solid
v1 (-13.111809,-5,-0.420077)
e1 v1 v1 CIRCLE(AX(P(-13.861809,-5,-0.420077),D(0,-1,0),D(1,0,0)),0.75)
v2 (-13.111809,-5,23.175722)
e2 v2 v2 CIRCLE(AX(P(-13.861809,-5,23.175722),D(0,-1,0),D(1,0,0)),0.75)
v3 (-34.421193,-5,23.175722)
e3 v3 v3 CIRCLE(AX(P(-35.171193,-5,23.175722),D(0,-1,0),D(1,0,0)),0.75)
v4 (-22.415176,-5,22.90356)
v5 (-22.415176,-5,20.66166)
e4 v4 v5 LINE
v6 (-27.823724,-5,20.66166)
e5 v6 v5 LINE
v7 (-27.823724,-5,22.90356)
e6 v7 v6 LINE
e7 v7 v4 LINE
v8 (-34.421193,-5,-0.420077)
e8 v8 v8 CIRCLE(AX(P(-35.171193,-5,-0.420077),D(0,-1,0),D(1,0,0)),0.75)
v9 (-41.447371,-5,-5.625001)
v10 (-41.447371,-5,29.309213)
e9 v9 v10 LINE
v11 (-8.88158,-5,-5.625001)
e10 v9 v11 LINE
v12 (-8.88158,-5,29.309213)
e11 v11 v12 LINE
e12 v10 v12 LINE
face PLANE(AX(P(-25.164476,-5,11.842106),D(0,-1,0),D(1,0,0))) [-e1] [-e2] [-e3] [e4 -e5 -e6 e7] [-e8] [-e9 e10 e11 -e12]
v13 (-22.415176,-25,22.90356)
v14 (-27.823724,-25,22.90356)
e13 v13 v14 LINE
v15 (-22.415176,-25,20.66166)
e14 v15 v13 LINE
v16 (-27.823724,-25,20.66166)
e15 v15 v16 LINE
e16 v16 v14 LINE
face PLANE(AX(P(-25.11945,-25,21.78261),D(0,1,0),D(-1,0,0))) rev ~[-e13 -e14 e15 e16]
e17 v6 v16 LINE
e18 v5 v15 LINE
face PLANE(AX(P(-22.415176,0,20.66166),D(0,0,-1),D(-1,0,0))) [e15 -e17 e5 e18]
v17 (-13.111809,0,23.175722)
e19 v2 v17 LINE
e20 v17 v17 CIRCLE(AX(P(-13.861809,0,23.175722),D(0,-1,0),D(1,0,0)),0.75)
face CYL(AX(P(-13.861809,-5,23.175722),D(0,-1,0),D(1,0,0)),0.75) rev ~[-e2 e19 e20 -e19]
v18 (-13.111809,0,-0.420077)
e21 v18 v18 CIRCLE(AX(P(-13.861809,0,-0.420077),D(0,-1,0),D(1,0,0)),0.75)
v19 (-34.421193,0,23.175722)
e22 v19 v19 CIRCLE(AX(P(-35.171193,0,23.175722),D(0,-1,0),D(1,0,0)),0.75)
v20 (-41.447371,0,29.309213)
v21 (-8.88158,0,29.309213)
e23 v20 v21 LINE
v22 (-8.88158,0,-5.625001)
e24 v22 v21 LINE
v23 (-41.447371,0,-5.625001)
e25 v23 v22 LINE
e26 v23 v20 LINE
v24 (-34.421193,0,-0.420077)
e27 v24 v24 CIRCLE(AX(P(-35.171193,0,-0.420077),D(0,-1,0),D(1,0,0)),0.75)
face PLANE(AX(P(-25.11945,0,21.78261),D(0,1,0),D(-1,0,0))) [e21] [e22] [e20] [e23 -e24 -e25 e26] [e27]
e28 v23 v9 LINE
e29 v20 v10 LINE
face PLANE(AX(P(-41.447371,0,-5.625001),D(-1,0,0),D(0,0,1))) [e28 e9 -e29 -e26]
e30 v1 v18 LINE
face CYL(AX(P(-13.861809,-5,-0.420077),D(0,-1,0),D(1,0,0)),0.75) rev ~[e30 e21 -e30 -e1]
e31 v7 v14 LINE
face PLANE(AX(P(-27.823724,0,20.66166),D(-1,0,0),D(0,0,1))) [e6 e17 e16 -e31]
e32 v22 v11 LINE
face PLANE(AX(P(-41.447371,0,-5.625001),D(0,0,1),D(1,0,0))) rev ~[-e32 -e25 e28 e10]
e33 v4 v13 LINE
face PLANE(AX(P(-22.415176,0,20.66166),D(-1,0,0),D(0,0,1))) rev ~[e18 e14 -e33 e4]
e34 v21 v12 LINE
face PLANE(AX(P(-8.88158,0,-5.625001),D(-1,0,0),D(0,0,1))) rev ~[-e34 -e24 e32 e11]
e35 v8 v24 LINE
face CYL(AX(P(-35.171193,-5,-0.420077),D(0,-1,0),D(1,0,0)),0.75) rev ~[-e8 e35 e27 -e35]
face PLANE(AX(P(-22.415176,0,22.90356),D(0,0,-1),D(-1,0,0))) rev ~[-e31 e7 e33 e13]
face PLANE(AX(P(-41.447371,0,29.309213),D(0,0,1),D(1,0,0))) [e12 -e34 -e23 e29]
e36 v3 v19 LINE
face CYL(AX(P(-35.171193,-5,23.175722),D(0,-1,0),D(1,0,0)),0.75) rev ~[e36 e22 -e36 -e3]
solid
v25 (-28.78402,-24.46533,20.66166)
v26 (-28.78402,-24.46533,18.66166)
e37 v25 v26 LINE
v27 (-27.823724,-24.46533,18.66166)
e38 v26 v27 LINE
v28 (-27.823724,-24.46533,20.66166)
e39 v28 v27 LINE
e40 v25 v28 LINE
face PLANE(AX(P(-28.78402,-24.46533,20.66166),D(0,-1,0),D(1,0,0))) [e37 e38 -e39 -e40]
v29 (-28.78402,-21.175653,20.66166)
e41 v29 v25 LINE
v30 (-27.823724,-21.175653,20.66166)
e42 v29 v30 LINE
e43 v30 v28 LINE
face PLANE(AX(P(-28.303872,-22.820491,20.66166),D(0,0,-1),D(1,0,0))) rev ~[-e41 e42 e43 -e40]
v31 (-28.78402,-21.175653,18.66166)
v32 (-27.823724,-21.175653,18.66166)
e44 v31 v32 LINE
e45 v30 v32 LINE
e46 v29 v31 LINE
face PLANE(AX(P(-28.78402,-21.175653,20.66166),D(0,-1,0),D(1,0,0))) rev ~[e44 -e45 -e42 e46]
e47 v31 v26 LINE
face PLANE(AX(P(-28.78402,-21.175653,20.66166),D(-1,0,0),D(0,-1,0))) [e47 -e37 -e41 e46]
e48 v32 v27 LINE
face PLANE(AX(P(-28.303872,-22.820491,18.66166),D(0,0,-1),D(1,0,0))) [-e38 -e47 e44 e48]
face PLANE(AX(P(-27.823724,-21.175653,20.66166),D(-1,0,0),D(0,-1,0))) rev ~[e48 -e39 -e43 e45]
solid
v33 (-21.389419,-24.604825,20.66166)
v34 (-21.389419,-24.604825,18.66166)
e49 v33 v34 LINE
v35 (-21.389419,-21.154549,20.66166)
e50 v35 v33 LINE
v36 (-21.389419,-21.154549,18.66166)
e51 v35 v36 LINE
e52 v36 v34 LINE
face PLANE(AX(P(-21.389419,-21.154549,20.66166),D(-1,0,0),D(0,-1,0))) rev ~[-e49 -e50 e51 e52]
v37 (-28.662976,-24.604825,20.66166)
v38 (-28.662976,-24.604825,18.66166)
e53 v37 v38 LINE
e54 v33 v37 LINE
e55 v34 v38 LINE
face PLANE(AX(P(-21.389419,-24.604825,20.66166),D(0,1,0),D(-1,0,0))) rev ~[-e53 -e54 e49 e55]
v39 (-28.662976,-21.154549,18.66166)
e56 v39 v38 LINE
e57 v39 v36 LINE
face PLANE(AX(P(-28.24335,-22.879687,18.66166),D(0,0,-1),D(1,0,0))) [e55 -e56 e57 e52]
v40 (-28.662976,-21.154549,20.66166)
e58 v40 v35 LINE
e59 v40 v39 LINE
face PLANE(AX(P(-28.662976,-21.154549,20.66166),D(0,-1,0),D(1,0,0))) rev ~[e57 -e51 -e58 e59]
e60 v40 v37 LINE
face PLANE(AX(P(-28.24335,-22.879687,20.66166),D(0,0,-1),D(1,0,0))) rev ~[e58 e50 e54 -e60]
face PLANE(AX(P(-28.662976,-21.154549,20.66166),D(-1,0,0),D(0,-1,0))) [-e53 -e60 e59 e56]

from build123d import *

# Parameters (mm, degrees)
F0_W     = 32.5657911599
F0_H     = 34.9342138506
F1_DEPTH = 5
F2_W     = 5.4085478187
F2_H     = 2.2419001907
F3_DEPTH = 25
F4_W     = 0.9602960199
F4_H     = 3.2896772027
F5_DEPTH = 2
F6_W     = 0.8392520249
F6_H     = 3.4502763301
F6_W_2   = 1.025756821
F6_W_3   = 5.4085478187
F7_DEPTH = 2
F8_R     = 0.75
F9_DEPTH = 25


with BuildPart() as f1:
    # F0 (on Front) → F1 (new body)
    with BuildSketch(Plane.XZ):
        with Locations((-25.1644756645, 11.8421062361)):
            Rectangle(F0_W, F0_H)
    extrude(amount=F1_DEPTH)

    # F2 (on face) → F3 (join)
    with BuildSketch(Plane(origin=(0, 0, 0), x_dir=(-1, 0, 0), z_dir=(0, 1, 0))):
        with Locations((25.1194499433, 21.7826096341)):
            Rectangle(F2_W, F2_H)
    extrude(amount=-F3_DEPTH)

    # F8 (on face) → F9 (cut)
    with BuildSketch(Plane.XZ.offset(5)):
        with Locations((-35.1711931261, 23.1757219534)):
            Circle(F8_R)
        with Locations((-13.8618085725, 23.1757219534)):
            Circle(F8_R)
        with Locations((-13.8618085725, -0.4200767102)):
            Circle(F8_R)
        with Locations((-35.1711931261, -0.4200767102)):
            Circle(F8_R)
    extrude(amount=-F9_DEPTH, mode=Mode.SUBTRACT)


with BuildPart() as f5:
    # F4 (on face) → F5 (new body)
    with BuildSketch(Plane(origin=(0, 0, 20.6616595387), x_dir=(1, 0, 0), z_dir=(0, 0, -1))):
        with Locations((-28.3038718626, 22.8204913437)):
            Rectangle(F4_W, F4_H)
    extrude(amount=F5_DEPTH)


with BuildPart() as f7:
    # F6 (on face) → F7 (new body)
    with BuildSketch(Plane(origin=(0, 0, 20.6616595387), x_dir=(1, 0, 0), z_dir=(0, 0, -1))):
        with Locations((-28.2433498651, 22.8796871379)):
            Rectangle(F6_W, F6_H)
        with Locations((-21.9022976235, 22.8796871379)):
            Rectangle(F6_W_2, F6_H)
        with Locations((-25.1194499433, 22.8796871379)):
            Rectangle(F6_W_3, F6_H)
    extrude(amount=F7_DEPTH)


solid = Compound([f1.part, f5.part, f7.part])
